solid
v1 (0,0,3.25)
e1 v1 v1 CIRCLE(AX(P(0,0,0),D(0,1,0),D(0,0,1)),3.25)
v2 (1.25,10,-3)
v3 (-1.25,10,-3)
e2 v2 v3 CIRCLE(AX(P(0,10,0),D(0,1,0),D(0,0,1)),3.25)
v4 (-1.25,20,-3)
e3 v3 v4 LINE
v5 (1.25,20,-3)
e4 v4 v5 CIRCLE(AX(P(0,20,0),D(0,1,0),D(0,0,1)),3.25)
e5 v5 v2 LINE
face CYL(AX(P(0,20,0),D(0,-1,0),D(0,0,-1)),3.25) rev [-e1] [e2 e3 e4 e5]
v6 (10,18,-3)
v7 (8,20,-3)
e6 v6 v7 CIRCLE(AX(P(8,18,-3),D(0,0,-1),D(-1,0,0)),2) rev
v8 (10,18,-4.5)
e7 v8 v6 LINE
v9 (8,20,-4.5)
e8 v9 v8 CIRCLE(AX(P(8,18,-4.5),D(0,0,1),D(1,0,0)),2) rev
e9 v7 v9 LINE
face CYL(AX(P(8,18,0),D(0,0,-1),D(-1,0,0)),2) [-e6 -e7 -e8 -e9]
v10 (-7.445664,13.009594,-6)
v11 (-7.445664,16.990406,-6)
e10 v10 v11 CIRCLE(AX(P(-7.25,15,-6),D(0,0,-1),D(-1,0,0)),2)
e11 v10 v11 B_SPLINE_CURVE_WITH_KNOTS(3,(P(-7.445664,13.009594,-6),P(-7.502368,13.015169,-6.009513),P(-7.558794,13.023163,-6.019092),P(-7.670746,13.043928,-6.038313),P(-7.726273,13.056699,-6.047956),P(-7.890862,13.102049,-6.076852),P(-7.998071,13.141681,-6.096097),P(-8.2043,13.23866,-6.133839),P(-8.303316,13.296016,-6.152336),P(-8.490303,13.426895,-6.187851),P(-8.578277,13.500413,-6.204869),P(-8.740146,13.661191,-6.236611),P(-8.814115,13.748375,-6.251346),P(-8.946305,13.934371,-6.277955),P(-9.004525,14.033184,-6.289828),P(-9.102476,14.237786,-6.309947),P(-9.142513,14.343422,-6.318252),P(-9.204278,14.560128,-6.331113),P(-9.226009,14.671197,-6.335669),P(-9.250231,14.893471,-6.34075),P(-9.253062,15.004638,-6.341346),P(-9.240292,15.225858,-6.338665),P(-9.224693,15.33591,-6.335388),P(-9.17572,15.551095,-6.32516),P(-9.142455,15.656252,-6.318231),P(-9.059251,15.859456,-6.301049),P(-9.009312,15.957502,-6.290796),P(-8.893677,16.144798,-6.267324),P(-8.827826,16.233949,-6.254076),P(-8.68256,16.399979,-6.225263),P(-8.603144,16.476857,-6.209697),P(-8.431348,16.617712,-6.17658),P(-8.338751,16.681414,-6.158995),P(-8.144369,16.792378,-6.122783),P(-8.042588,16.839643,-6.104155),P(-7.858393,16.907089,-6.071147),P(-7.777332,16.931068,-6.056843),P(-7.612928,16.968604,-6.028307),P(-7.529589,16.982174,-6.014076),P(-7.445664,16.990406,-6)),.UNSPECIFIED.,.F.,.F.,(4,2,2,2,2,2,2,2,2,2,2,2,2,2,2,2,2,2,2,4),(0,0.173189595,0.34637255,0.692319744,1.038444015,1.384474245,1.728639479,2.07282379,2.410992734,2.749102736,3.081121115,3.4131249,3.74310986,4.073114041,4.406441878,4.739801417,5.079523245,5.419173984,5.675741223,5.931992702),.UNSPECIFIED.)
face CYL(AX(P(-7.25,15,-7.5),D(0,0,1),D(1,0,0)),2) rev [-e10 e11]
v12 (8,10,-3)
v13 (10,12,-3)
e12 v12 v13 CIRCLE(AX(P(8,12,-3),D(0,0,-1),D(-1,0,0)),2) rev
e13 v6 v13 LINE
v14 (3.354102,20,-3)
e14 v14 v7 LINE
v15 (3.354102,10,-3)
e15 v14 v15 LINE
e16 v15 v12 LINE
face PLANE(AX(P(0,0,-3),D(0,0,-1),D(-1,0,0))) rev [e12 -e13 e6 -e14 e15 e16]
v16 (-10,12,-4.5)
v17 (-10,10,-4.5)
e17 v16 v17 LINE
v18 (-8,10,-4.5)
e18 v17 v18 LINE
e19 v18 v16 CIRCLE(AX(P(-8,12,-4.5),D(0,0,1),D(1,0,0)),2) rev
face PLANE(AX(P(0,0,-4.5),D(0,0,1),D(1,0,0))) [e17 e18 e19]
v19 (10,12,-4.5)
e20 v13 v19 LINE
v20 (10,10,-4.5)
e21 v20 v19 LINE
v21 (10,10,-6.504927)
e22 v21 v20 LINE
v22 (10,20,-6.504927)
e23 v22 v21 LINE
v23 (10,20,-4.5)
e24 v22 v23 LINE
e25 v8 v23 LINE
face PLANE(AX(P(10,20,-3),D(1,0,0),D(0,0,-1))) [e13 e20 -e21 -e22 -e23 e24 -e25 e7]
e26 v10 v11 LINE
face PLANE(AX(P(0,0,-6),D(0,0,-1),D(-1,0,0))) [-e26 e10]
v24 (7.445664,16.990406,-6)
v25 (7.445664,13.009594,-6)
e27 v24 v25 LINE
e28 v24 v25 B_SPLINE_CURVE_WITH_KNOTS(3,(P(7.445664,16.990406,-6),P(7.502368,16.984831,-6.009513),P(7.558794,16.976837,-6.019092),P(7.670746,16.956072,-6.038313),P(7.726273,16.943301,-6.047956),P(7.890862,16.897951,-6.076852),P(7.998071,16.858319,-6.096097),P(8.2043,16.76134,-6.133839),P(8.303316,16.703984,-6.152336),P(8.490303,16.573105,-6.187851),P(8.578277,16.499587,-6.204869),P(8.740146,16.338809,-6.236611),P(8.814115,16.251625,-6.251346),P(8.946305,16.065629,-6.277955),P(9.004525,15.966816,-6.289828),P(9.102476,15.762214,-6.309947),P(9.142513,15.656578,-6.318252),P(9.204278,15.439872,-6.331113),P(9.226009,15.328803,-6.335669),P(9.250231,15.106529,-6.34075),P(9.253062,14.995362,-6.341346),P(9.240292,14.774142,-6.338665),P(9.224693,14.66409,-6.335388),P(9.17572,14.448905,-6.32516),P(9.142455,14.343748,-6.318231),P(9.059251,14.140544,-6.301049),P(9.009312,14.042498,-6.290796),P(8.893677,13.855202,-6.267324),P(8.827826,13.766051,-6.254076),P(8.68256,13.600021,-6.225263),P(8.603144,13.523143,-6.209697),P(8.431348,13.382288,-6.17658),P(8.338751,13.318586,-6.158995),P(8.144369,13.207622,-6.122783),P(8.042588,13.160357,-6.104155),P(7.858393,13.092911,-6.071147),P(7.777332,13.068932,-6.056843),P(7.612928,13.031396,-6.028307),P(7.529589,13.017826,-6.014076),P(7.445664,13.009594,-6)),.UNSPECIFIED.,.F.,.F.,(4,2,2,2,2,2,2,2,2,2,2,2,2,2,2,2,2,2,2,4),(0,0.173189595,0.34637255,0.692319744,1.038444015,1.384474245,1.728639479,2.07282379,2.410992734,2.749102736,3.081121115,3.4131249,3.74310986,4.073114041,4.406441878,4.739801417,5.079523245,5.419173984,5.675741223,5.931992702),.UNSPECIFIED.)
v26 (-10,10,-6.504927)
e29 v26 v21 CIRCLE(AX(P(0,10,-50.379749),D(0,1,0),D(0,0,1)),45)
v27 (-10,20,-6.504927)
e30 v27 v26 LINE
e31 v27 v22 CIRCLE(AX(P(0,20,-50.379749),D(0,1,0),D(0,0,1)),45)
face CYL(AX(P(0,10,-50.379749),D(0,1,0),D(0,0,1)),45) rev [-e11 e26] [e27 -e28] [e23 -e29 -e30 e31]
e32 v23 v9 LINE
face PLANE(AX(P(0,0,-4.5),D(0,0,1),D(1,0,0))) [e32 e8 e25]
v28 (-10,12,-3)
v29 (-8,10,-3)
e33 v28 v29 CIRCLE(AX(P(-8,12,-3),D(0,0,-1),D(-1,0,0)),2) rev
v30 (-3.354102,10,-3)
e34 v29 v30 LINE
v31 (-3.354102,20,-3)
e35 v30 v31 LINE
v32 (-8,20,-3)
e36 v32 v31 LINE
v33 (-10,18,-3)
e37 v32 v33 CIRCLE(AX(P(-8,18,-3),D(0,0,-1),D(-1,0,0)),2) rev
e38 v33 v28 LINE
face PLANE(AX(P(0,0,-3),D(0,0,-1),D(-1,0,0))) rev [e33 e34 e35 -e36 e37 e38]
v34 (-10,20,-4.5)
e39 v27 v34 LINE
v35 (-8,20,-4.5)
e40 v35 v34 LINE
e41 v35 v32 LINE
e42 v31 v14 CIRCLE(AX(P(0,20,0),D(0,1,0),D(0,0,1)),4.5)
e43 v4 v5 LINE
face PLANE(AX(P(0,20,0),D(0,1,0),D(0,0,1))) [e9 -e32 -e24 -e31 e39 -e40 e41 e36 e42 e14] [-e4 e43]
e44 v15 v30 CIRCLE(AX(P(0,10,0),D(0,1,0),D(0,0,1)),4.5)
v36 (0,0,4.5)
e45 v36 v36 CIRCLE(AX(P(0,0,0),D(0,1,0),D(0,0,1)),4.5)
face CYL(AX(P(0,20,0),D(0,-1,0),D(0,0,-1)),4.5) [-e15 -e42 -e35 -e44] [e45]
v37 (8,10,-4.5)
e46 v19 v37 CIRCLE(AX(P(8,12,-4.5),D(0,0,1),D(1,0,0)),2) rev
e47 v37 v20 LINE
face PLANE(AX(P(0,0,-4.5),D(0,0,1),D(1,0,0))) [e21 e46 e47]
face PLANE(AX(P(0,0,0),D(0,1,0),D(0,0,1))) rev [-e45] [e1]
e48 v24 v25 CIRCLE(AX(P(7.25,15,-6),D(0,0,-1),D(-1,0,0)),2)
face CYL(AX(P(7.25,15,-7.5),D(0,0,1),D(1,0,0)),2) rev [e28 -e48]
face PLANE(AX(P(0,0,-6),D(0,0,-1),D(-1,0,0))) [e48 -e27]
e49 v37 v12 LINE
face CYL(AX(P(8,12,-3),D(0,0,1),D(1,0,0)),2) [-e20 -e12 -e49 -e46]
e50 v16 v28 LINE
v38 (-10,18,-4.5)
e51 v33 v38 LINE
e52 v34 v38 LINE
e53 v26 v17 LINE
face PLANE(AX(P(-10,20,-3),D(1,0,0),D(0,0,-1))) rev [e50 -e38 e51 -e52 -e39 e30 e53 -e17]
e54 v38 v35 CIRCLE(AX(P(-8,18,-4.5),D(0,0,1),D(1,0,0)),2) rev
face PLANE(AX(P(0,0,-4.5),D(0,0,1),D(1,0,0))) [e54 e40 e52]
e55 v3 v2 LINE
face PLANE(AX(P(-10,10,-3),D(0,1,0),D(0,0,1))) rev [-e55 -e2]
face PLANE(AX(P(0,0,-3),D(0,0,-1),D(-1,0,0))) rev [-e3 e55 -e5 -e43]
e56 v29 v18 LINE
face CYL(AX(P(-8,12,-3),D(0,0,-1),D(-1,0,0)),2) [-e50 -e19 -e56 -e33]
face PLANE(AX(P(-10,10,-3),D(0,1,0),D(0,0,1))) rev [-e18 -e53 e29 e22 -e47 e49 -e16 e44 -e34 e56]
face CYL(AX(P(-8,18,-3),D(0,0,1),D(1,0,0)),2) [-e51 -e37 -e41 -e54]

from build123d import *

# Parameters (mm, degrees)
SKETCH1_R           = 4.5
SKETCH1_R_2         = 3.25
BOSS_EXTRUDE1_DEPTH = 20
SKETCH2_W           = 20
SKETCH2_H           = 10
BOSS_EXTRUDE2_DEPTH = 1.5
FILLET1_R           = 2
SKETCH2_4_W         = 20
SKETCH2_4_H         = 10
SKETCH2_4_R         = 2
BOSS_EXTRUDE3_DEPTH = 3
SKETCH4_R           = 45
CUT_EXTRUDE1_DEPTH  = 10


with BuildPart() as part:
    # Sketch1 → Boss-Extrude1 (new body)
    with BuildSketch(Plane(origin=(0, 0, 0), x_dir=(1, 0, 0), z_dir=(0, 1, 0))):
        Circle(SKETCH1_R)
        Circle(SKETCH1_R_2, mode=Mode.SUBTRACT)
    extrude(amount=BOSS_EXTRUDE1_DEPTH)

    # Sketch2 → Boss-Extrude2 (add, symmetric)
    with BuildSketch(Plane.XY.offset(-4.5)):
        with Locations((0, 15)):
            Rectangle(SKETCH2_W, SKETCH2_H)
    extrude(amount=BOSS_EXTRUDE2_DEPTH, both=True)

    # Fillet1
    fillet1_edges = [part.edges().sort_by_distance(p)[0] for p in [
        (-10, 10, -4.5),
        (-10, 20, -4.5),
        (10, 10, -4.5),
        (10, 20, -4.5),
    ]]
    fillet(fillet1_edges, radius=FILLET1_R)

    # Sketch2<4> → Boss-Extrude3 (add)
    with BuildSketch(Plane.XY.offset(-4.5)):
        with Locations((0, 15)):
            Rectangle(SKETCH2_4_W, SKETCH2_4_H)
        with Locations((-7.25, 15)):
            Circle(SKETCH2_4_R, mode=Mode.SUBTRACT)
        with Locations((7.25, 15)):
            Circle(SKETCH2_4_R, mode=Mode.SUBTRACT)
    extrude(amount=-BOSS_EXTRUDE3_DEPTH)

    # Sketch4 → Cut-Extrude1 (cut)
    with BuildSketch(Plane(origin=(0, 20, 0), x_dir=(1, 0, 0), z_dir=(0, 1, 0))):
        with Locations((0, 50.37974859)):
            Circle(SKETCH4_R)
    extrude(amount=-CUT_EXTRUDE1_DEPTH, mode=Mode.SUBTRACT)


solid = part.part
